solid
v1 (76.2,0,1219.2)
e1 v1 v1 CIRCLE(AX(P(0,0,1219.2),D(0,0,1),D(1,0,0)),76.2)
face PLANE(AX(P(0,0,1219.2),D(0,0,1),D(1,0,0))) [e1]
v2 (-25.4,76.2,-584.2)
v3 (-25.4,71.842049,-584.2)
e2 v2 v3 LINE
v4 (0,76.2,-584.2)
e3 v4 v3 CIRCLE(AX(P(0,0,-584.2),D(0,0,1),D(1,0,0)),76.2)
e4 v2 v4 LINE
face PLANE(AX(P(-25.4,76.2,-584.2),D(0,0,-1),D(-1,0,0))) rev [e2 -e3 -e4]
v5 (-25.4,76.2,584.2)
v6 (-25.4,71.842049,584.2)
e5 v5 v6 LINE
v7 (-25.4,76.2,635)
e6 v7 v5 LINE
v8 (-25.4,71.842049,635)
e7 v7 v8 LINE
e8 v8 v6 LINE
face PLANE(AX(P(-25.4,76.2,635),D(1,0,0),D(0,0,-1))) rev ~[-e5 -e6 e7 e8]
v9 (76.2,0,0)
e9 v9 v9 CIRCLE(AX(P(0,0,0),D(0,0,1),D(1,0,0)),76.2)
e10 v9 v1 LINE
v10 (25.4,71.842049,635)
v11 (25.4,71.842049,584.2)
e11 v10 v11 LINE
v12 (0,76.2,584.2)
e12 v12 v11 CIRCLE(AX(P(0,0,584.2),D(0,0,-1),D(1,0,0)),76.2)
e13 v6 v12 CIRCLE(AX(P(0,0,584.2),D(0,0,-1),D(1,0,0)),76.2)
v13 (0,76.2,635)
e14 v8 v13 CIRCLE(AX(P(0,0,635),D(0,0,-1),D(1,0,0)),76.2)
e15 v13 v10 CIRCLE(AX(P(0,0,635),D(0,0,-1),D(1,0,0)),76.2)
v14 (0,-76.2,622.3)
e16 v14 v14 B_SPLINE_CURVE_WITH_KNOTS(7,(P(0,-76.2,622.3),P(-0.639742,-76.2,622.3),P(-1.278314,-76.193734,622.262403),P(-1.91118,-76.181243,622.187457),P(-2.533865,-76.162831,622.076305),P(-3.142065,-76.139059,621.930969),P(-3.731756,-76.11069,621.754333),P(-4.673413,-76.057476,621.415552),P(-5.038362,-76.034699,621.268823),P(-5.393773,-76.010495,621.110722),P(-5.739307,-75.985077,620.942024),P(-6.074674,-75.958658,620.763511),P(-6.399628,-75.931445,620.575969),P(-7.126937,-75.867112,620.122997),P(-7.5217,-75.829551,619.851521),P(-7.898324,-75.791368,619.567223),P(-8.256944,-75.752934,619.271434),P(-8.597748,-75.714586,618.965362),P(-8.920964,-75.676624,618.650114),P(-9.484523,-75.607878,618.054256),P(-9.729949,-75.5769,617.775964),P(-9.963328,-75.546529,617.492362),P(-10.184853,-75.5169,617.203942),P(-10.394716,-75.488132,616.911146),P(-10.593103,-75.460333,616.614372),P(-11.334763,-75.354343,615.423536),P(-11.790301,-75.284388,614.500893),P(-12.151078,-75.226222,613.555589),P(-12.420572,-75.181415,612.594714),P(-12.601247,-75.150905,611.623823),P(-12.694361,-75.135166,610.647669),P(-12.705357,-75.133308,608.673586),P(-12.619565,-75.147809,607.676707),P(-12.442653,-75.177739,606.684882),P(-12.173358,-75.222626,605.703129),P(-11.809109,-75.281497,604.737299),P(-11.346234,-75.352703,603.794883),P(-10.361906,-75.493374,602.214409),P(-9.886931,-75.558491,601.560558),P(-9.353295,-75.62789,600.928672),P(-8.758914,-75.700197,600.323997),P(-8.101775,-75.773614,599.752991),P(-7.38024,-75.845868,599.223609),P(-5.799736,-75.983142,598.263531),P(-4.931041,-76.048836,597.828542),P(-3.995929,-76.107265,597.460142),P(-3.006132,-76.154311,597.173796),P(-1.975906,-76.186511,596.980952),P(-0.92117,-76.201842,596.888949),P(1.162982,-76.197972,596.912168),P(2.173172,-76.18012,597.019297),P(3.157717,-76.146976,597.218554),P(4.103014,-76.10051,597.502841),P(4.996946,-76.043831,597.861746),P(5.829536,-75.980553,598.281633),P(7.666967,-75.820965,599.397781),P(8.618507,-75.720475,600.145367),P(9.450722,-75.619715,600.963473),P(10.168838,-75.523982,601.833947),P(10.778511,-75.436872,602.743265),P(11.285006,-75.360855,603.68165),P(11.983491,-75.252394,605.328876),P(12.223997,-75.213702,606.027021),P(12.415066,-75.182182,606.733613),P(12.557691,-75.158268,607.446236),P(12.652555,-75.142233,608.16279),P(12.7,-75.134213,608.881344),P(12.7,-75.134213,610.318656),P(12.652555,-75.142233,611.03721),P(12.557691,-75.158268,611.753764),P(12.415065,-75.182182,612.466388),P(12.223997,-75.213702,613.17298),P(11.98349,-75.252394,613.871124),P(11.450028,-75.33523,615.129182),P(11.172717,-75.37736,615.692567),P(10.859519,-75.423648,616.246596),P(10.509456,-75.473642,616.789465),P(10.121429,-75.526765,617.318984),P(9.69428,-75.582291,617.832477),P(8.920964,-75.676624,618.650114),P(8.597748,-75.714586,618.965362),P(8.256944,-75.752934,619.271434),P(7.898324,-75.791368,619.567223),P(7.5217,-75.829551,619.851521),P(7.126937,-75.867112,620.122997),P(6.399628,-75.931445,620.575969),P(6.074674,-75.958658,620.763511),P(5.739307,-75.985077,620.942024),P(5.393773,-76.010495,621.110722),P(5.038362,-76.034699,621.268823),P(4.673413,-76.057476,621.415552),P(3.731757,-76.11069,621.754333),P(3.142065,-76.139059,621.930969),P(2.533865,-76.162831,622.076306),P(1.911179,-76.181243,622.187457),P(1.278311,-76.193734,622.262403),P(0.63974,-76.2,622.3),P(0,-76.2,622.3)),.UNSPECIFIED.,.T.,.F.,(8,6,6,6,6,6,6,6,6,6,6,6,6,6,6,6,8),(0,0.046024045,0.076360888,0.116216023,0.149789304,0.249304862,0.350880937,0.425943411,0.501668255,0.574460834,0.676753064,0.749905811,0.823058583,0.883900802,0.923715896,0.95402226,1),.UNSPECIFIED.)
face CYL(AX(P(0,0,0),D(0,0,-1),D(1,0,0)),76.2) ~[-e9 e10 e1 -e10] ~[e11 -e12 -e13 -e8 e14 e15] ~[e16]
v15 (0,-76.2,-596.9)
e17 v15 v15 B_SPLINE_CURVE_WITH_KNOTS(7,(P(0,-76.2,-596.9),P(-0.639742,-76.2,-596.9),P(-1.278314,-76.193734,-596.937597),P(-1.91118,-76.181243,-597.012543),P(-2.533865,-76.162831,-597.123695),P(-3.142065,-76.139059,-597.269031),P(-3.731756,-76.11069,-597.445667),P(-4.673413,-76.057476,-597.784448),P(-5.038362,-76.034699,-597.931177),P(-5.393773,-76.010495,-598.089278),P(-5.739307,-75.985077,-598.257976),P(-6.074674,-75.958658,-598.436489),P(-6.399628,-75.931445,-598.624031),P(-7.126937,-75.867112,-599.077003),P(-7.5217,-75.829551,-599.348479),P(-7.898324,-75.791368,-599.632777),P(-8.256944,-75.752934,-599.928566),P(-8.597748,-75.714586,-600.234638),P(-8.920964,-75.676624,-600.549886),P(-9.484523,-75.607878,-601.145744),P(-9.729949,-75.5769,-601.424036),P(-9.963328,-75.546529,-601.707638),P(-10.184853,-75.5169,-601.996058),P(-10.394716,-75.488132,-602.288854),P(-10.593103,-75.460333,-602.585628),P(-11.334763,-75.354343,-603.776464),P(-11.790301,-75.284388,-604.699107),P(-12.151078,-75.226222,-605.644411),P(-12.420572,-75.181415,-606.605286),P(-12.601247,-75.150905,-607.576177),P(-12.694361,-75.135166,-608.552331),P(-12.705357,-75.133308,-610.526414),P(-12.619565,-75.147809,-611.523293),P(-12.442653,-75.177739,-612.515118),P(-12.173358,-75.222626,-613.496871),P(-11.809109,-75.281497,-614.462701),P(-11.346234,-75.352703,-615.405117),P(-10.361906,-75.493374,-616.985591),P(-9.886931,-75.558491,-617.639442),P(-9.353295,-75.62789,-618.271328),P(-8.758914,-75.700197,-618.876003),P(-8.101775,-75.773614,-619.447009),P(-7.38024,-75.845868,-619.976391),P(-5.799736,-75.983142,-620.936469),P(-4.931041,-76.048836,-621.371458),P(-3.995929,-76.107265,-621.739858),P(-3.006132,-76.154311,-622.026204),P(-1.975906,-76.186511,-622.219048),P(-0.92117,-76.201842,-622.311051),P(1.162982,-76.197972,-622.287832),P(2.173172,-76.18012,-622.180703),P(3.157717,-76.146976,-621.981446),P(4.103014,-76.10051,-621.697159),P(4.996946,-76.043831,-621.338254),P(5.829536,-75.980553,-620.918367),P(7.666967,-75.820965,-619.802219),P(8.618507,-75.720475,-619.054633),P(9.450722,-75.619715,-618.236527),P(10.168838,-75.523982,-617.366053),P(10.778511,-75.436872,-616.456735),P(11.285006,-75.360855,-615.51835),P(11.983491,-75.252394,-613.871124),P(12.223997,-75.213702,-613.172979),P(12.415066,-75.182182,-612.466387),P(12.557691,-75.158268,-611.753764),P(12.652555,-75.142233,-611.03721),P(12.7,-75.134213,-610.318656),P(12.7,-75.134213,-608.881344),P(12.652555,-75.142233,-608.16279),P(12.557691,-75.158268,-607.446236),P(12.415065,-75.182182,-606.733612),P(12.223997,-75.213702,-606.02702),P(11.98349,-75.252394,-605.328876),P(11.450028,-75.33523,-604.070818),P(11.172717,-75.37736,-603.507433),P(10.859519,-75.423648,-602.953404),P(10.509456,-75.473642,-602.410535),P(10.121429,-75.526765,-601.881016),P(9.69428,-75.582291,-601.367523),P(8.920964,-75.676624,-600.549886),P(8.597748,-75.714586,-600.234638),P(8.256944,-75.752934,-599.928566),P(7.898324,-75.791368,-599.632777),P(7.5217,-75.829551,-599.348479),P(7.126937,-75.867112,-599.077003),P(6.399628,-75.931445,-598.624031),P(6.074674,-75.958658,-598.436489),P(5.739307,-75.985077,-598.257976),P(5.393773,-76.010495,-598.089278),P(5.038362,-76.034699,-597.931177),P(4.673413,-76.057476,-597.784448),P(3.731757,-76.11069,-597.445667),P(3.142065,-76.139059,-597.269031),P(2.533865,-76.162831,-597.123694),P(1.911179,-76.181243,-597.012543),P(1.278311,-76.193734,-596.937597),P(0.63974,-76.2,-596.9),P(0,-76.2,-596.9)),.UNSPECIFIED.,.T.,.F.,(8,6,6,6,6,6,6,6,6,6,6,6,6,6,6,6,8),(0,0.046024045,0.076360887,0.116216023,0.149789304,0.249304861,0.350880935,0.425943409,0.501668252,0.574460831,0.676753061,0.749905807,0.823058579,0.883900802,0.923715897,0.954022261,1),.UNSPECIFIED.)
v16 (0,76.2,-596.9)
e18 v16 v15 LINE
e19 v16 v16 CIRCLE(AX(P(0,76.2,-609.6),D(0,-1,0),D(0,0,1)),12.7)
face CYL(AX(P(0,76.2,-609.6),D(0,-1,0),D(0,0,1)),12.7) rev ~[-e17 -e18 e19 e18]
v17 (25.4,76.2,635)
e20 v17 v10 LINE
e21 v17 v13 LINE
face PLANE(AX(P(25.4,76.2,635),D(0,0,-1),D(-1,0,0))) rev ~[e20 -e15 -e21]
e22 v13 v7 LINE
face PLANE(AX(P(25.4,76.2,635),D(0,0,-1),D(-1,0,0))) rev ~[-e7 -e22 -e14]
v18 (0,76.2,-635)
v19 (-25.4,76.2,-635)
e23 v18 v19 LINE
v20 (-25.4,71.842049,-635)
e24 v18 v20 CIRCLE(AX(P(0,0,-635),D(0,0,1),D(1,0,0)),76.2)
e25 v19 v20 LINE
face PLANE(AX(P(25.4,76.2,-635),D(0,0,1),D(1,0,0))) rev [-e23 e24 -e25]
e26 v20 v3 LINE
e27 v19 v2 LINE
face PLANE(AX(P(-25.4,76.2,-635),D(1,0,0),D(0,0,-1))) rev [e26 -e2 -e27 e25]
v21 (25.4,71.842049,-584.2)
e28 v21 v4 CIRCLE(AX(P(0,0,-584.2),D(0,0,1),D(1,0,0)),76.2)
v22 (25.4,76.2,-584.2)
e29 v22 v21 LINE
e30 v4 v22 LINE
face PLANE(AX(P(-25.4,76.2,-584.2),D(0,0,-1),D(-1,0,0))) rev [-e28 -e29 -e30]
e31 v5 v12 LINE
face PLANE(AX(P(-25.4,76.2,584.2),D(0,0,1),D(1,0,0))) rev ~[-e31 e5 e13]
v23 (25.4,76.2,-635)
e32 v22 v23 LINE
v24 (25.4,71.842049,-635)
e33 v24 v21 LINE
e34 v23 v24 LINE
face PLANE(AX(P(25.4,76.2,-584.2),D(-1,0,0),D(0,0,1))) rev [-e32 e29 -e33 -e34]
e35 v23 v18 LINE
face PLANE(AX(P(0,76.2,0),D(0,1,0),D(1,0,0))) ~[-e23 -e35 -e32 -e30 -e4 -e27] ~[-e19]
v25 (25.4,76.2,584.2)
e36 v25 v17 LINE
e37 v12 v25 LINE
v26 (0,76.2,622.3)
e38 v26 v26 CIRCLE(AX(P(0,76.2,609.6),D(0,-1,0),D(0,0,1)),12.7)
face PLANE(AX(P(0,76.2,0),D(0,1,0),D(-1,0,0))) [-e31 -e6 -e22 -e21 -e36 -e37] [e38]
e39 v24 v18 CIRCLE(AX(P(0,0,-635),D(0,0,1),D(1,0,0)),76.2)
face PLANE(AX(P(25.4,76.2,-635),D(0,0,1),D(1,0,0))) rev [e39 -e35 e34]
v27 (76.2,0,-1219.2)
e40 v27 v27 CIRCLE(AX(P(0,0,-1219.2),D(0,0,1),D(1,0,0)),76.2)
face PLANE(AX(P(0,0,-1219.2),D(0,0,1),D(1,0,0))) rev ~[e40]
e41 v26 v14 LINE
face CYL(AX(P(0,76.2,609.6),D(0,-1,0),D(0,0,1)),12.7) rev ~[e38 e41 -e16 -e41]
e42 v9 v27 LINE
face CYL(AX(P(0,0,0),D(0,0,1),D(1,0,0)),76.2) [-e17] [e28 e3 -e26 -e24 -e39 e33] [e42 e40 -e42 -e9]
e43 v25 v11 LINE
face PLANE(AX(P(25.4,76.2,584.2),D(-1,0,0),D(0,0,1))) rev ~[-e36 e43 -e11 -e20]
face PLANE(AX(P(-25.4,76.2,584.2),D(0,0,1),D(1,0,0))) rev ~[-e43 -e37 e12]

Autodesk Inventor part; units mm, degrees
ref_plane "YZ Plane" through (0, 0, 0) normal (1, 0, 0) x (0, 1, 0)
ref_plane "XY Plane" through (0, 0, 0) normal (0, 0, 1) x (1, 0, 0)
sketch "Sketch1" plane through (0, 0, 0) normal (0, 0, 1) x (1, 0, 0)
  circle A0 centre (0, 0) radius 76.2
  dimension "d0" = 152.4
extrude "Extrusion1" add sketch "Sketch1" along normal mid plane 2438.4
ref_plane "Work Plane2" through (0, 76.2, 0) normal (0, 1, 0) x (-1, 0, 0)
sketch "Sketch4" plane through (0, 76.2, 0) normal (0, 1, 0) x (-1, 0, 0)
  line L0 (25.4, 635) -> (25.4, 584.2)
  line L1 (25.4, 584.2) -> (-25.4, 584.2)
  line L2 (-25.4, 584.2) -> (-25.4, 635)
  line L3 (-25.4, 635) -> (25.4, 635)
  line L4 (25.4, 635) -> (-25.4, 584.2) construction
  line L5 (25.4, 584.2) -> (-25.4, 635) construction
  line L6 (76.2, 1219.2) -> (-76.2, 1219.2) projected
  point P0 (0, 0)
  point P1 (0, 609.6)
  dimension "d17" = 50.8
  dimension "d19" = 609.6
extrude "Extrusion3" add sketch "Sketch4" against normal blind 25.4
mirror "Mirror1" about plane through (0, 0, 0) normal (0, 0, 1) of "Extrusion3"
sketch "Sketch5" plane through (0, 76.2, 0) normal (0, 1, 0) x (1, 0, 0)
  line L0 (76.2, 1219.2) -> (-76.2, 1219.2) projected
  line L1 (-76.2, -1219.2) -> (76.2, -1219.2) projected
  point P0 (0, 0)
  point P1 (0, -609.6)
  point P2 (0, 609.6)
  dimension "d22" = 609.6
  dimension "d23" = 609.6
hole "Hole2" at (0, 76.2, 609.6) at (0, 76.2, -609.6) direction (0, -1, 0) diameter 25.4 end through all
properties part number "CrossMember-6-Feet" material "Wood (Walnut)"
